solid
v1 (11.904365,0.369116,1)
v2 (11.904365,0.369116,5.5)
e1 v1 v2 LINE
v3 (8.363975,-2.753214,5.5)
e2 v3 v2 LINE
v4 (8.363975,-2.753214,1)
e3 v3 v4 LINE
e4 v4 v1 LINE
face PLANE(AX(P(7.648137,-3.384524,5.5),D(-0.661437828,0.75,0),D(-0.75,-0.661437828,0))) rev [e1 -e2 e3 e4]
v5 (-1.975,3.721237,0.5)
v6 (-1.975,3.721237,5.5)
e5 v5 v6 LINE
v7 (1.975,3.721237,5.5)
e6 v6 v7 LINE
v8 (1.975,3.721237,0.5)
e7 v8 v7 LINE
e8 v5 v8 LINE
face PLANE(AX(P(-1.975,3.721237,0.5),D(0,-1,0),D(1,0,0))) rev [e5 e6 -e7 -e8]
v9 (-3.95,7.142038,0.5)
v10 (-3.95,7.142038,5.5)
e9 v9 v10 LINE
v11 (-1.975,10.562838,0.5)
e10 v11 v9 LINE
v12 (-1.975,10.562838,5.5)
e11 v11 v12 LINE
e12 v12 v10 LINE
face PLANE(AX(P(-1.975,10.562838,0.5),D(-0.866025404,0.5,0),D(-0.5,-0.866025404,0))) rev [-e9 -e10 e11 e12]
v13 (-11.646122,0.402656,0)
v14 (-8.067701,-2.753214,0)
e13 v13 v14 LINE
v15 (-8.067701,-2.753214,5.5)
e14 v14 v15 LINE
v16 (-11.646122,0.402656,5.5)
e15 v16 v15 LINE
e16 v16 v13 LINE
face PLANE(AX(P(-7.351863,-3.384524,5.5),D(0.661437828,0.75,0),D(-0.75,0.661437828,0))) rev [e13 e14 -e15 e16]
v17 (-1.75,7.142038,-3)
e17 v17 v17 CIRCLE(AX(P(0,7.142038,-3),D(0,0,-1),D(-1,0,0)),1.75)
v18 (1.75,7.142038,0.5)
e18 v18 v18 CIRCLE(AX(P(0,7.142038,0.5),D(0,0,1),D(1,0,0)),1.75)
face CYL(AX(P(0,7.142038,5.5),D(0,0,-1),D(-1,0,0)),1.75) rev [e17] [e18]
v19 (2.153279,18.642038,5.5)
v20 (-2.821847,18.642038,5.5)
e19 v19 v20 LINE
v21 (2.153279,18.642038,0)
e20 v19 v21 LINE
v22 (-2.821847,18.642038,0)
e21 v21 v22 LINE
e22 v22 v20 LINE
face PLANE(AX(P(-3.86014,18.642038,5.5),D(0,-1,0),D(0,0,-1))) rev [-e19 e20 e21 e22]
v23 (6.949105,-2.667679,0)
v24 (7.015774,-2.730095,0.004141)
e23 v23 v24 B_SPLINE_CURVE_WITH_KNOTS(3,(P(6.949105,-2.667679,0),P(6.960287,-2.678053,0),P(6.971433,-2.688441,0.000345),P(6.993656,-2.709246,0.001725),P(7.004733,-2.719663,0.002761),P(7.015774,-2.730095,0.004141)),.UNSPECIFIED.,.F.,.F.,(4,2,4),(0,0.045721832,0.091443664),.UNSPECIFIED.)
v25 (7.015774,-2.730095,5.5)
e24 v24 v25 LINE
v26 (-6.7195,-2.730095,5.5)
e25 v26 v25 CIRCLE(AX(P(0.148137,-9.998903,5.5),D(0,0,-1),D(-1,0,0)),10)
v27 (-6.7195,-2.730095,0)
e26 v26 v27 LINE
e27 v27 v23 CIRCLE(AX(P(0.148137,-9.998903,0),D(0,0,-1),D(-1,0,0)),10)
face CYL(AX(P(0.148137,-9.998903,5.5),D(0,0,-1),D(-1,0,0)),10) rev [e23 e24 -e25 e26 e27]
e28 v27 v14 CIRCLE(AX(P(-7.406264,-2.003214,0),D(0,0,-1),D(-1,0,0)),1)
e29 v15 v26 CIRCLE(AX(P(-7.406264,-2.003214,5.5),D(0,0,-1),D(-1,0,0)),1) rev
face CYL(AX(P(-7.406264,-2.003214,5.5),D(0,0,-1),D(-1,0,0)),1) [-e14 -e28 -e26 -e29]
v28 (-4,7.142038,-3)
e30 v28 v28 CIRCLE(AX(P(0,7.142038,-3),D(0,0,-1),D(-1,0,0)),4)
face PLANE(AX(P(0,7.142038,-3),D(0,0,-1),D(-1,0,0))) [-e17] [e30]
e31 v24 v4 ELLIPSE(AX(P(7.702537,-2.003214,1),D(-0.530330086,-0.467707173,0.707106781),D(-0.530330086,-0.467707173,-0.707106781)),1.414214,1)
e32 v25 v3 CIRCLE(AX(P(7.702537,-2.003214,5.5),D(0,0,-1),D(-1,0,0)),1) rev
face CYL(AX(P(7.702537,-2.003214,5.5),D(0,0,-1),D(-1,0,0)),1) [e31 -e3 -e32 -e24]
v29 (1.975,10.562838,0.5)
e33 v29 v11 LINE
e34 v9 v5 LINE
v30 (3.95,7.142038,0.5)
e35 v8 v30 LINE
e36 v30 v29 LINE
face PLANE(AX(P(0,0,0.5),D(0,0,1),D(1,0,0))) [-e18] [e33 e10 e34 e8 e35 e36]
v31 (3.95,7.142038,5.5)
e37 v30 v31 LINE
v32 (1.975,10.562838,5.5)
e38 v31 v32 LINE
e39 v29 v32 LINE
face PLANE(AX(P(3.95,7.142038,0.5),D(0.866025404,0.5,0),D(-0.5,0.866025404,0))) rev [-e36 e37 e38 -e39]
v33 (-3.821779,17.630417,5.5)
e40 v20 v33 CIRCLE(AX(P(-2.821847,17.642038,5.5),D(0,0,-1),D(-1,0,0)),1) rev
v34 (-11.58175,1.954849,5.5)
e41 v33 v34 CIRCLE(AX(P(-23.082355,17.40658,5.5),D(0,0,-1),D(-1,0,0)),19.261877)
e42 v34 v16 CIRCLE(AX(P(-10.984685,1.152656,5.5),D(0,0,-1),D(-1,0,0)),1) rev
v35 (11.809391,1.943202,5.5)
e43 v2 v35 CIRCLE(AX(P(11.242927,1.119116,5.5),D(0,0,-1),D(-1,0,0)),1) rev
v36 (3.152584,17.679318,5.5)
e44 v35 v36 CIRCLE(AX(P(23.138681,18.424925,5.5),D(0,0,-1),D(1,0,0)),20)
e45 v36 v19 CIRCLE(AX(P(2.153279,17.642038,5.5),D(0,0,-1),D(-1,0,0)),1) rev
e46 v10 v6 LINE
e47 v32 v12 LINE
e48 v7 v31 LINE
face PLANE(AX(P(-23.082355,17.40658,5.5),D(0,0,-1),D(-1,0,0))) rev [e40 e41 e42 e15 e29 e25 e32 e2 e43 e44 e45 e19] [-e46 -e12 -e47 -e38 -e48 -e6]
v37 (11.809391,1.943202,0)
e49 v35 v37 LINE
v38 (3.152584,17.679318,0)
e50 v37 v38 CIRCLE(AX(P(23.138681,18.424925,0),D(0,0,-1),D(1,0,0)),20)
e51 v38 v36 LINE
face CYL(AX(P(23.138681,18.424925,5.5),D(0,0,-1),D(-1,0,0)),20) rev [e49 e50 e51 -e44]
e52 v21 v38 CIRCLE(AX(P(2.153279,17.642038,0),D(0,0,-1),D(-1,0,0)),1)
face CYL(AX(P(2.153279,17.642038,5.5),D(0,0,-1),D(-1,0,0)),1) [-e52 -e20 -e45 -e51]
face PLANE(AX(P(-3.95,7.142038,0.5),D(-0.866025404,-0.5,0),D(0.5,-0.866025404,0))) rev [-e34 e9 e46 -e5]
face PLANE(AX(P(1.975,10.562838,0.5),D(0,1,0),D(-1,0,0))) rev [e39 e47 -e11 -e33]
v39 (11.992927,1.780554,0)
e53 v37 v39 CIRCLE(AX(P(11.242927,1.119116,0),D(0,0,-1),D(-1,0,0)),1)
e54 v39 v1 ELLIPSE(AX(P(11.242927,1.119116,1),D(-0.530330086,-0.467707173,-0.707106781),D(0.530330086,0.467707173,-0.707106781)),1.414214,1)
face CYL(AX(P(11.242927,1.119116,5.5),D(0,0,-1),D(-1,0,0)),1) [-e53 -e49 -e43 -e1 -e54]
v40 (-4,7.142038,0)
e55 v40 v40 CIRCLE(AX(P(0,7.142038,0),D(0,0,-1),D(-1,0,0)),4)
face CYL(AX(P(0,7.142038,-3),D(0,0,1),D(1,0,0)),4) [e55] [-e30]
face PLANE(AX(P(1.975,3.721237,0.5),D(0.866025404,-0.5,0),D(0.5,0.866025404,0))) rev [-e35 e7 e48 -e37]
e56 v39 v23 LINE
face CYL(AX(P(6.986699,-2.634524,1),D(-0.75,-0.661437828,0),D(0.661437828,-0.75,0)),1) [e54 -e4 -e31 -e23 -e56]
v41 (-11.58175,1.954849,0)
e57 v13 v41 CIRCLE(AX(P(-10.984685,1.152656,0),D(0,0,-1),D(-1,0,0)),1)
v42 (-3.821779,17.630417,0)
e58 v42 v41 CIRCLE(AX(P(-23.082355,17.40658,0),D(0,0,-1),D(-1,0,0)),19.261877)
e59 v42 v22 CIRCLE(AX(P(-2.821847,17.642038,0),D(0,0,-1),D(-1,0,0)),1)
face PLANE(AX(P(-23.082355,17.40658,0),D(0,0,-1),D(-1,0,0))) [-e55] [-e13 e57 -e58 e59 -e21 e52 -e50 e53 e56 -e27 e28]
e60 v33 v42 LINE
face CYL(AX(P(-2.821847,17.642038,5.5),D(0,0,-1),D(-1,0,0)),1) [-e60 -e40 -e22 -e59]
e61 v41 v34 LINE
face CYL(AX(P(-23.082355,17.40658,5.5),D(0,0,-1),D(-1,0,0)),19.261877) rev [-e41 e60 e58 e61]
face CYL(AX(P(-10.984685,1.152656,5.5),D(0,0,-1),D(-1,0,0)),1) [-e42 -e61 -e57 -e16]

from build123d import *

# Parameters (mm, degrees)
BOSS_EXTRUDE1_DEPTH = 5.5
FILLET1_R           = 1
SKETCH2_R           = 4
BOSS_EXTRUDE2_DEPTH = 3
SKETCH3_R           = 1.75
CUT_EXTRUDE3_DEPTH  = 5
SKETCH4_R           = 1.75
CUT_EXTRUDE4_DEPTH  = 9.5000001


with BuildPart() as part:
    # Sketch1 → Boss-Extrude1 (new body)
    with BuildSketch(Plane.XY):
        with BuildLine():
            Line((-3.860140394, 18.642037645), (3.139859606, 18.642037645))
            ThreePointArc((3.139859606, 18.642037645), (5.695506545, 8.64046477), (12.898136912, 1.245540359))
            Line((12.898136912, 1.245540359), (7.648136912, -3.384524435))
            ThreePointArc((7.648136912, -3.384524435), (0.148136912, 0.001097287), (-7.351863088, -3.384524435))
            Line((-7.351863088, -3.384524435), (-12.601863088, 1.245540359))
            ThreePointArc((-12.601863088, 1.245540359), (-5.871247517, 8.758014837), (-3.860140394, 18.642037645))
        make_face()
    extrude(amount=BOSS_EXTRUDE1_DEPTH)

    # Fillet1
    fillet1_edges = [part.edges().sort_by_distance(p)[0] for p in [
        (-3.860140394, 18.642037645, 2.75),
        (3.139859606, 18.642037645, 2.75),
        (12.898136912, 1.245540359, 2.75),
        (7.648136912, -3.384524435, 2.75),
        (-7.351863088, -3.384524435, 2.75),
        (-12.601863088, 1.245540359, 2.75),
        (10.273136912, -1.069492038, 0),
    ]]
    fillet(fillet1_edges, radius=FILLET1_R)

    # Sketch2 → Boss-Extrude2 (add)
    with BuildSketch(Plane(origin=(0, 0, 0), x_dir=(-1, 0, 0), z_dir=(0, 0, -1))):
        with Locations((0, 7.142037645)):
            Circle(SKETCH2_R)
    extrude(amount=BOSS_EXTRUDE2_DEPTH)

    # Sketch3 → Cut-Extrude3 (cut)
    with BuildSketch(Plane.XY.offset(5.5)):
        Polygon((-3.95, 7.142037645), (-1.975, 3.7212373), (1.975, 3.7212373), (3.95, 7.142037645), (1.975, 10.56283799), (-1.975, 10.56283799), align=None)
        with Locations((0, 7.142037645)):
            Circle(SKETCH3_R, mode=Mode.SUBTRACT)
    extrude(amount=-CUT_EXTRUDE3_DEPTH, mode=Mode.SUBTRACT)

    # Sketch4 → Cut-Extrude4 (cut, through all)
    with BuildSketch(Plane(origin=(0, 0, -3), x_dir=(-1, 0, 0), z_dir=(0, 0, -1))):
        with Locations((0, 7.142037645)):
            Circle(SKETCH4_R)
    extrude(amount=-CUT_EXTRUDE4_DEPTH, mode=Mode.SUBTRACT)


solid = part.part
